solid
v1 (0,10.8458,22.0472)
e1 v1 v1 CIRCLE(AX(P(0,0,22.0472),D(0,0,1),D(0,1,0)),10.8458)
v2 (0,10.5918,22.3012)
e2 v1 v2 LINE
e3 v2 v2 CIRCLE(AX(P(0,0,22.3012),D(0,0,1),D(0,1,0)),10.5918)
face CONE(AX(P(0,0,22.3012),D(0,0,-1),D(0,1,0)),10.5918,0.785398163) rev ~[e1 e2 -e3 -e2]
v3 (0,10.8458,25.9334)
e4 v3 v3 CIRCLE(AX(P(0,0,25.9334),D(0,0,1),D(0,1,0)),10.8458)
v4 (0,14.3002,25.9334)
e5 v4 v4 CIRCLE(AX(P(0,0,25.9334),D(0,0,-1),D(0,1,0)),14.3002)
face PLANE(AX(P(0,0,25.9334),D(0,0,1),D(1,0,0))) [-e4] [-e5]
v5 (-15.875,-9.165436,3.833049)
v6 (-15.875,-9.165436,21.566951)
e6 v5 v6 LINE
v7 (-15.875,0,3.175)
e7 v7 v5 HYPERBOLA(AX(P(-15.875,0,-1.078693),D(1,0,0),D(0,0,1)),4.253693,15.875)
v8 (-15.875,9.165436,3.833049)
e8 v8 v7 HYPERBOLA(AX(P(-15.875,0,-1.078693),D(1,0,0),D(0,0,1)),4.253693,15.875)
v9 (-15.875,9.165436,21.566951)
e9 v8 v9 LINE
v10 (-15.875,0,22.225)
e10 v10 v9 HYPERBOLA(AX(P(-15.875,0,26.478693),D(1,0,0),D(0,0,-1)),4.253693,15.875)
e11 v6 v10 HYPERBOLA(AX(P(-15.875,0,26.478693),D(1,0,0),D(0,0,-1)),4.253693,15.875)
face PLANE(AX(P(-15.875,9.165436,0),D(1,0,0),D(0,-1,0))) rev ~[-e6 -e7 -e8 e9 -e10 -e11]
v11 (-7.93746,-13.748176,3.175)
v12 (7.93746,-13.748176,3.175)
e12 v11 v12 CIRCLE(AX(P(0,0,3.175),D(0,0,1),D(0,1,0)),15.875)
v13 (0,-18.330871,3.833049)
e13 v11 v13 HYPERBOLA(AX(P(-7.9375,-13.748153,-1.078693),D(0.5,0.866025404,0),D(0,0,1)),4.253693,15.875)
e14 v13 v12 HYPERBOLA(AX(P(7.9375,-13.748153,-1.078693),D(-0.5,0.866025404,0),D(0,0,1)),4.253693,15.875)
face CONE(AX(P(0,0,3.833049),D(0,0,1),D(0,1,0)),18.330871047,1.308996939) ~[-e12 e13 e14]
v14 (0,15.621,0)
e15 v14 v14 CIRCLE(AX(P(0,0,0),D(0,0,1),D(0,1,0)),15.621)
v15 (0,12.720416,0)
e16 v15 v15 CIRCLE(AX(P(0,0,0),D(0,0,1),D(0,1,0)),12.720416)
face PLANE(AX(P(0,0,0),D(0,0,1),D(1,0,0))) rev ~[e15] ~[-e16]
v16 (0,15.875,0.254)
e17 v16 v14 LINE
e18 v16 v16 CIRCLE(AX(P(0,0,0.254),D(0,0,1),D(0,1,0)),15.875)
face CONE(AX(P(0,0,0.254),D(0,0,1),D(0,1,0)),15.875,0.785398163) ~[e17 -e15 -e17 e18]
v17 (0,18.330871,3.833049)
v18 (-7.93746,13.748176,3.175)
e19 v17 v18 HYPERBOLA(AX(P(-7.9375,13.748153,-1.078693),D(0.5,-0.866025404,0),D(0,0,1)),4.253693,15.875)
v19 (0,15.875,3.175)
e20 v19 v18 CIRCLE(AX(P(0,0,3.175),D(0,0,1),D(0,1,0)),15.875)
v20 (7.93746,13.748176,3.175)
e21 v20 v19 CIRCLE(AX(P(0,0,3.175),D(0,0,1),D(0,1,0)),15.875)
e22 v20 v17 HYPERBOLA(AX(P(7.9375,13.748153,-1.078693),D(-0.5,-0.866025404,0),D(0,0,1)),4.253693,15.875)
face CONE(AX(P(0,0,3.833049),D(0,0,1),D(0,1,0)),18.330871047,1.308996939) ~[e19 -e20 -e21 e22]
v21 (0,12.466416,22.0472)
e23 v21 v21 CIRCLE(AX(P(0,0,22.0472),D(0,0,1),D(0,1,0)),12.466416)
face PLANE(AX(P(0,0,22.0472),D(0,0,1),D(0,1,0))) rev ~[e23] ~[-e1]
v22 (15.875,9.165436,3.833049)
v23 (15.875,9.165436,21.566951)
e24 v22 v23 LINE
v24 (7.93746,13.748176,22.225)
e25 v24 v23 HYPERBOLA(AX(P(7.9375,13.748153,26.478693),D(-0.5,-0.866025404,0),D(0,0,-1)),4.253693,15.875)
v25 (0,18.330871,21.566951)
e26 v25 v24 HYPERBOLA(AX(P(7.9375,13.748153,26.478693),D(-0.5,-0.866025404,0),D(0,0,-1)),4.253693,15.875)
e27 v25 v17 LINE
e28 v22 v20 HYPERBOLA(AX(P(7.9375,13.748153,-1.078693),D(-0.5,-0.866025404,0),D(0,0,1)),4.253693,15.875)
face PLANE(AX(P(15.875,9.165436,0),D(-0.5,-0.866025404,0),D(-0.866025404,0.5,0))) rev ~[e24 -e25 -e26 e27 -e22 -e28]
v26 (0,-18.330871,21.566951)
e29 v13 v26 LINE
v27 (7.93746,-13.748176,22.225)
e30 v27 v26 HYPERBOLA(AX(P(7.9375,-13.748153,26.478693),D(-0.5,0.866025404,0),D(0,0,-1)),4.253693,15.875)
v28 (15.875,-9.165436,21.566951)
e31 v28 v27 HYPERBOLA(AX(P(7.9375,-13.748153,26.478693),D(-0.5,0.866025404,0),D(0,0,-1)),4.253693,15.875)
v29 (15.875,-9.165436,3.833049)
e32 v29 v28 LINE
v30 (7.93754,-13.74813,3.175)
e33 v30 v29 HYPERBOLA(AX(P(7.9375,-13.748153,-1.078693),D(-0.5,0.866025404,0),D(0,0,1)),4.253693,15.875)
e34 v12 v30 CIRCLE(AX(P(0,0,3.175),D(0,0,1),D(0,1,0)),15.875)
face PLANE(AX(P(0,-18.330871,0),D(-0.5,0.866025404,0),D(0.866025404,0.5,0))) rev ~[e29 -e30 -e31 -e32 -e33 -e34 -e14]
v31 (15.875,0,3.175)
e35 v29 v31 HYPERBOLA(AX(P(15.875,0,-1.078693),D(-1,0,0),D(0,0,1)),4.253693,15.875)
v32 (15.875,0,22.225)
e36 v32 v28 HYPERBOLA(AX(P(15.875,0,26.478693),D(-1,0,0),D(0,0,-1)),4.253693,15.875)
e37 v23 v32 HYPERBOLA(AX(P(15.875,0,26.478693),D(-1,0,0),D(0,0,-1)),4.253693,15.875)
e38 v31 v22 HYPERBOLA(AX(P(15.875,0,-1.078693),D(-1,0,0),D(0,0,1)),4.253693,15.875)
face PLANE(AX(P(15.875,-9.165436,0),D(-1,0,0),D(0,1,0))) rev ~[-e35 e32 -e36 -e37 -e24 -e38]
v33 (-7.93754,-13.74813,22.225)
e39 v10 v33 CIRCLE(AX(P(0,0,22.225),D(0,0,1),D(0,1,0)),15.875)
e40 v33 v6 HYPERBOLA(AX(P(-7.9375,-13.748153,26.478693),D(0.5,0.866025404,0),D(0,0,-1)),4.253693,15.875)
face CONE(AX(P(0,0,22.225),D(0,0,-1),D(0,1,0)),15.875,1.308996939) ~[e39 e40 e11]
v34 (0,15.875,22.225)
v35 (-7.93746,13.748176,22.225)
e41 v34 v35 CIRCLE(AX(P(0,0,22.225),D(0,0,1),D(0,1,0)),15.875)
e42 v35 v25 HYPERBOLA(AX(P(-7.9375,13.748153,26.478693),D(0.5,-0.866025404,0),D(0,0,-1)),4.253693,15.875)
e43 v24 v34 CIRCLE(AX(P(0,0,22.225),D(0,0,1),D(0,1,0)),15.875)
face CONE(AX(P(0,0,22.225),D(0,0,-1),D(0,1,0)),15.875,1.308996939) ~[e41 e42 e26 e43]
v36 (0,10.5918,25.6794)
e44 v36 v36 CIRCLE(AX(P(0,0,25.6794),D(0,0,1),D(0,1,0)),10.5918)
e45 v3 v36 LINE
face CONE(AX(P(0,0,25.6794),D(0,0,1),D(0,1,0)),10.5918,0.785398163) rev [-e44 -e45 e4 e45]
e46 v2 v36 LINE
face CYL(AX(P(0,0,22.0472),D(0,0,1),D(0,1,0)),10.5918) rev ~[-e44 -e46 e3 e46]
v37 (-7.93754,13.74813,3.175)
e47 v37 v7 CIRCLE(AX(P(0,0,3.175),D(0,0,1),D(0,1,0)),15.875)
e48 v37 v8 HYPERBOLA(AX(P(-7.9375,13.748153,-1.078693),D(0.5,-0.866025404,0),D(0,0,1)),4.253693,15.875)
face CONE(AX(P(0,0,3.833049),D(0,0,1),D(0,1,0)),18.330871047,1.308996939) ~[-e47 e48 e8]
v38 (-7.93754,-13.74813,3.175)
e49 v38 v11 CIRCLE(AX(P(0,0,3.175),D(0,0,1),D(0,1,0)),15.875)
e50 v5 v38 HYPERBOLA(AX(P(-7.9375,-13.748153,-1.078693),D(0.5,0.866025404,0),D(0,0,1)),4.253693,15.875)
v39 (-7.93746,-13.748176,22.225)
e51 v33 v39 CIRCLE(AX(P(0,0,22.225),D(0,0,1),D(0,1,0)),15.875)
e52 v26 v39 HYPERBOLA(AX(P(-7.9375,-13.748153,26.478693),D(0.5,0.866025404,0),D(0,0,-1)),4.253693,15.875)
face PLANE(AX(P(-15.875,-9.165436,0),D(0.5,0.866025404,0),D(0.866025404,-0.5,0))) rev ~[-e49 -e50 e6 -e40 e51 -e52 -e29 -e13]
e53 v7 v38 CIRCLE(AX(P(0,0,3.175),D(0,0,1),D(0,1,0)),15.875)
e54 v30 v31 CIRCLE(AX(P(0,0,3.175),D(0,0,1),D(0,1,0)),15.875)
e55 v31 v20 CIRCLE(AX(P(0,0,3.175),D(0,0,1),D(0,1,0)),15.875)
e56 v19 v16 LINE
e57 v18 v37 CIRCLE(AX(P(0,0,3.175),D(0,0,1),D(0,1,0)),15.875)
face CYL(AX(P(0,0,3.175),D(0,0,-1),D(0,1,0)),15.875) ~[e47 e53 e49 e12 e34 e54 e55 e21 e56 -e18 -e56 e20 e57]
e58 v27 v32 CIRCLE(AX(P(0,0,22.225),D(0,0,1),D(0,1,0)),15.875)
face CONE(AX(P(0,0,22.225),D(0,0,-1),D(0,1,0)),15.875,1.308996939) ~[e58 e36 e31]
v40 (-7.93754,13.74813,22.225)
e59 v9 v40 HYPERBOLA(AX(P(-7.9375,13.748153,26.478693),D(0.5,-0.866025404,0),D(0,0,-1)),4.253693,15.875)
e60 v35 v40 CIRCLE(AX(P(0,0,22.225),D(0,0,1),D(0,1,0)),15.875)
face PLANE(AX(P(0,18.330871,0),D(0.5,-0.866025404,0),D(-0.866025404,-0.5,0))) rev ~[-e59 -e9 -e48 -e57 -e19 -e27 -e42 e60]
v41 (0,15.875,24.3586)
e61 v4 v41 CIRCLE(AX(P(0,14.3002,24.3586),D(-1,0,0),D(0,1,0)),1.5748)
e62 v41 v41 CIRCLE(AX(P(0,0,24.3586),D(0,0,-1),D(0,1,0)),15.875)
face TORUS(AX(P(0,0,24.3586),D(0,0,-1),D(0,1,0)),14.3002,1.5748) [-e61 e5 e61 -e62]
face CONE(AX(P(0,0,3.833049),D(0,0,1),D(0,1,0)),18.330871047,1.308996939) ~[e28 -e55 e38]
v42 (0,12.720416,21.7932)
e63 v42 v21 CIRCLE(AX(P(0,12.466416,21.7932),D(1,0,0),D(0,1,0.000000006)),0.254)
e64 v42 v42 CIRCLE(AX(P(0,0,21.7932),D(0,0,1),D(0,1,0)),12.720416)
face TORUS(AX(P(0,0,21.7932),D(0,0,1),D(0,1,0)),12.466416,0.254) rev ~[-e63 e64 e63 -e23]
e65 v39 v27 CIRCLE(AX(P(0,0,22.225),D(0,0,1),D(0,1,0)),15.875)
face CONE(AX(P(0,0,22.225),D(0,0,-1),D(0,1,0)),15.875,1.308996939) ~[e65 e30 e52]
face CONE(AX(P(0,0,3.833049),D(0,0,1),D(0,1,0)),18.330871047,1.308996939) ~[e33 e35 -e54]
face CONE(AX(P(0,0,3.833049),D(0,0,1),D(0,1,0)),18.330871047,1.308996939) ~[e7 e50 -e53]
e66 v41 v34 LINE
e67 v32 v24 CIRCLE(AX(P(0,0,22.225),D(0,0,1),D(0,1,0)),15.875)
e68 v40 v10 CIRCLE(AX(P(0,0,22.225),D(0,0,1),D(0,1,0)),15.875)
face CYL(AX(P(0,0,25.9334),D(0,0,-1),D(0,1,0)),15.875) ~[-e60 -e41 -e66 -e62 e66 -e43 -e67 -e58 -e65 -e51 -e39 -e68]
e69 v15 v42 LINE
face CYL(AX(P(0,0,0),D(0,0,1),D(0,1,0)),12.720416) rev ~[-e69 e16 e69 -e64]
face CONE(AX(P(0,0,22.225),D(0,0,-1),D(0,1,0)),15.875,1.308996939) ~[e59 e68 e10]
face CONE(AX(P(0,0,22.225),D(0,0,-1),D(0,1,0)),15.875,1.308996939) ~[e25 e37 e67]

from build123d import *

# Parameters (mm, degrees)
BOSS_EXTRUDE1_DEPTH = 25.9334
FILLET1_R           = 1.5748
CHAMFER1_SIZE       = 0.254
CHAMFER2_SIZE       = 0.254


with BuildPart() as part:
    # Sketch1 → Boss-Extrude1 (new body)
    with BuildSketch(Plane.XY):
        Polygon((0, 18.330871047), (-15.875, 9.165435523), (-15.875, -9.165435523), (0, -18.330871047), (15.875, -9.165435523), (15.875, 9.165435523), align=None)
    extrude(amount=BOSS_EXTRUDE1_DEPTH)

    # Sketch2 → Cut-Revolve1 (revolve, cut)
    with BuildSketch(Plane(origin=(0, 0, 0), x_dir=(0, 0, -1), z_dir=(1, 0, 0))):
        Polygon((-25.9334, 20.786742094), (-25.9334, 15.875), (-22.225, 15.875), (-21.566951336, 18.330871047), (-3.833048664, 18.330871047), (-3.175, 15.875), (0, 15.875), (0, 20.786742094), align=None)
        with BuildLine():
            Line((-25.9334, 10.5918), (-25.9334, 0))
            Line((-25.9334, 0), (0, 0))
            Line((0, 0), (0, 12.720416378))
            Line((0, 12.720416378), (-21.7932, 12.720416378))
            ThreePointArc((-21.7932, 12.720416378), (-21.972805122, 12.6460215), (-22.0472, 12.466416378))
            Line((-22.0472, 12.466416378), (-22.0472, 10.5918))
            Line((-22.0472, 10.5918), (-25.9334, 10.5918))
        make_face()
    revolve(axis=Axis((0, 0, 0), (0, 0, 1)), mode=Mode.SUBTRACT)

    # Fillet1
    fillet1_edges = [part.edges().sort_by_distance(p)[0] for p in [
        (0, -15.875, 25.9334),
    ]]
    fillet(fillet1_edges, radius=FILLET1_R)

    # Chamfer1
    chamfer1_edges = [part.edges().sort_by_distance(p)[0] for p in [
        (0, -15.875, 0),
    ]]
    chamfer(chamfer1_edges, length=CHAMFER1_SIZE)

    # Chamfer2
    chamfer2_edges = [part.edges().sort_by_distance(p)[0] for p in [
        (0, -10.5918, 25.9334),
        (0, -10.5918, 22.0472),
    ]]
    chamfer(chamfer2_edges, length=CHAMFER2_SIZE)


solid = part.part
